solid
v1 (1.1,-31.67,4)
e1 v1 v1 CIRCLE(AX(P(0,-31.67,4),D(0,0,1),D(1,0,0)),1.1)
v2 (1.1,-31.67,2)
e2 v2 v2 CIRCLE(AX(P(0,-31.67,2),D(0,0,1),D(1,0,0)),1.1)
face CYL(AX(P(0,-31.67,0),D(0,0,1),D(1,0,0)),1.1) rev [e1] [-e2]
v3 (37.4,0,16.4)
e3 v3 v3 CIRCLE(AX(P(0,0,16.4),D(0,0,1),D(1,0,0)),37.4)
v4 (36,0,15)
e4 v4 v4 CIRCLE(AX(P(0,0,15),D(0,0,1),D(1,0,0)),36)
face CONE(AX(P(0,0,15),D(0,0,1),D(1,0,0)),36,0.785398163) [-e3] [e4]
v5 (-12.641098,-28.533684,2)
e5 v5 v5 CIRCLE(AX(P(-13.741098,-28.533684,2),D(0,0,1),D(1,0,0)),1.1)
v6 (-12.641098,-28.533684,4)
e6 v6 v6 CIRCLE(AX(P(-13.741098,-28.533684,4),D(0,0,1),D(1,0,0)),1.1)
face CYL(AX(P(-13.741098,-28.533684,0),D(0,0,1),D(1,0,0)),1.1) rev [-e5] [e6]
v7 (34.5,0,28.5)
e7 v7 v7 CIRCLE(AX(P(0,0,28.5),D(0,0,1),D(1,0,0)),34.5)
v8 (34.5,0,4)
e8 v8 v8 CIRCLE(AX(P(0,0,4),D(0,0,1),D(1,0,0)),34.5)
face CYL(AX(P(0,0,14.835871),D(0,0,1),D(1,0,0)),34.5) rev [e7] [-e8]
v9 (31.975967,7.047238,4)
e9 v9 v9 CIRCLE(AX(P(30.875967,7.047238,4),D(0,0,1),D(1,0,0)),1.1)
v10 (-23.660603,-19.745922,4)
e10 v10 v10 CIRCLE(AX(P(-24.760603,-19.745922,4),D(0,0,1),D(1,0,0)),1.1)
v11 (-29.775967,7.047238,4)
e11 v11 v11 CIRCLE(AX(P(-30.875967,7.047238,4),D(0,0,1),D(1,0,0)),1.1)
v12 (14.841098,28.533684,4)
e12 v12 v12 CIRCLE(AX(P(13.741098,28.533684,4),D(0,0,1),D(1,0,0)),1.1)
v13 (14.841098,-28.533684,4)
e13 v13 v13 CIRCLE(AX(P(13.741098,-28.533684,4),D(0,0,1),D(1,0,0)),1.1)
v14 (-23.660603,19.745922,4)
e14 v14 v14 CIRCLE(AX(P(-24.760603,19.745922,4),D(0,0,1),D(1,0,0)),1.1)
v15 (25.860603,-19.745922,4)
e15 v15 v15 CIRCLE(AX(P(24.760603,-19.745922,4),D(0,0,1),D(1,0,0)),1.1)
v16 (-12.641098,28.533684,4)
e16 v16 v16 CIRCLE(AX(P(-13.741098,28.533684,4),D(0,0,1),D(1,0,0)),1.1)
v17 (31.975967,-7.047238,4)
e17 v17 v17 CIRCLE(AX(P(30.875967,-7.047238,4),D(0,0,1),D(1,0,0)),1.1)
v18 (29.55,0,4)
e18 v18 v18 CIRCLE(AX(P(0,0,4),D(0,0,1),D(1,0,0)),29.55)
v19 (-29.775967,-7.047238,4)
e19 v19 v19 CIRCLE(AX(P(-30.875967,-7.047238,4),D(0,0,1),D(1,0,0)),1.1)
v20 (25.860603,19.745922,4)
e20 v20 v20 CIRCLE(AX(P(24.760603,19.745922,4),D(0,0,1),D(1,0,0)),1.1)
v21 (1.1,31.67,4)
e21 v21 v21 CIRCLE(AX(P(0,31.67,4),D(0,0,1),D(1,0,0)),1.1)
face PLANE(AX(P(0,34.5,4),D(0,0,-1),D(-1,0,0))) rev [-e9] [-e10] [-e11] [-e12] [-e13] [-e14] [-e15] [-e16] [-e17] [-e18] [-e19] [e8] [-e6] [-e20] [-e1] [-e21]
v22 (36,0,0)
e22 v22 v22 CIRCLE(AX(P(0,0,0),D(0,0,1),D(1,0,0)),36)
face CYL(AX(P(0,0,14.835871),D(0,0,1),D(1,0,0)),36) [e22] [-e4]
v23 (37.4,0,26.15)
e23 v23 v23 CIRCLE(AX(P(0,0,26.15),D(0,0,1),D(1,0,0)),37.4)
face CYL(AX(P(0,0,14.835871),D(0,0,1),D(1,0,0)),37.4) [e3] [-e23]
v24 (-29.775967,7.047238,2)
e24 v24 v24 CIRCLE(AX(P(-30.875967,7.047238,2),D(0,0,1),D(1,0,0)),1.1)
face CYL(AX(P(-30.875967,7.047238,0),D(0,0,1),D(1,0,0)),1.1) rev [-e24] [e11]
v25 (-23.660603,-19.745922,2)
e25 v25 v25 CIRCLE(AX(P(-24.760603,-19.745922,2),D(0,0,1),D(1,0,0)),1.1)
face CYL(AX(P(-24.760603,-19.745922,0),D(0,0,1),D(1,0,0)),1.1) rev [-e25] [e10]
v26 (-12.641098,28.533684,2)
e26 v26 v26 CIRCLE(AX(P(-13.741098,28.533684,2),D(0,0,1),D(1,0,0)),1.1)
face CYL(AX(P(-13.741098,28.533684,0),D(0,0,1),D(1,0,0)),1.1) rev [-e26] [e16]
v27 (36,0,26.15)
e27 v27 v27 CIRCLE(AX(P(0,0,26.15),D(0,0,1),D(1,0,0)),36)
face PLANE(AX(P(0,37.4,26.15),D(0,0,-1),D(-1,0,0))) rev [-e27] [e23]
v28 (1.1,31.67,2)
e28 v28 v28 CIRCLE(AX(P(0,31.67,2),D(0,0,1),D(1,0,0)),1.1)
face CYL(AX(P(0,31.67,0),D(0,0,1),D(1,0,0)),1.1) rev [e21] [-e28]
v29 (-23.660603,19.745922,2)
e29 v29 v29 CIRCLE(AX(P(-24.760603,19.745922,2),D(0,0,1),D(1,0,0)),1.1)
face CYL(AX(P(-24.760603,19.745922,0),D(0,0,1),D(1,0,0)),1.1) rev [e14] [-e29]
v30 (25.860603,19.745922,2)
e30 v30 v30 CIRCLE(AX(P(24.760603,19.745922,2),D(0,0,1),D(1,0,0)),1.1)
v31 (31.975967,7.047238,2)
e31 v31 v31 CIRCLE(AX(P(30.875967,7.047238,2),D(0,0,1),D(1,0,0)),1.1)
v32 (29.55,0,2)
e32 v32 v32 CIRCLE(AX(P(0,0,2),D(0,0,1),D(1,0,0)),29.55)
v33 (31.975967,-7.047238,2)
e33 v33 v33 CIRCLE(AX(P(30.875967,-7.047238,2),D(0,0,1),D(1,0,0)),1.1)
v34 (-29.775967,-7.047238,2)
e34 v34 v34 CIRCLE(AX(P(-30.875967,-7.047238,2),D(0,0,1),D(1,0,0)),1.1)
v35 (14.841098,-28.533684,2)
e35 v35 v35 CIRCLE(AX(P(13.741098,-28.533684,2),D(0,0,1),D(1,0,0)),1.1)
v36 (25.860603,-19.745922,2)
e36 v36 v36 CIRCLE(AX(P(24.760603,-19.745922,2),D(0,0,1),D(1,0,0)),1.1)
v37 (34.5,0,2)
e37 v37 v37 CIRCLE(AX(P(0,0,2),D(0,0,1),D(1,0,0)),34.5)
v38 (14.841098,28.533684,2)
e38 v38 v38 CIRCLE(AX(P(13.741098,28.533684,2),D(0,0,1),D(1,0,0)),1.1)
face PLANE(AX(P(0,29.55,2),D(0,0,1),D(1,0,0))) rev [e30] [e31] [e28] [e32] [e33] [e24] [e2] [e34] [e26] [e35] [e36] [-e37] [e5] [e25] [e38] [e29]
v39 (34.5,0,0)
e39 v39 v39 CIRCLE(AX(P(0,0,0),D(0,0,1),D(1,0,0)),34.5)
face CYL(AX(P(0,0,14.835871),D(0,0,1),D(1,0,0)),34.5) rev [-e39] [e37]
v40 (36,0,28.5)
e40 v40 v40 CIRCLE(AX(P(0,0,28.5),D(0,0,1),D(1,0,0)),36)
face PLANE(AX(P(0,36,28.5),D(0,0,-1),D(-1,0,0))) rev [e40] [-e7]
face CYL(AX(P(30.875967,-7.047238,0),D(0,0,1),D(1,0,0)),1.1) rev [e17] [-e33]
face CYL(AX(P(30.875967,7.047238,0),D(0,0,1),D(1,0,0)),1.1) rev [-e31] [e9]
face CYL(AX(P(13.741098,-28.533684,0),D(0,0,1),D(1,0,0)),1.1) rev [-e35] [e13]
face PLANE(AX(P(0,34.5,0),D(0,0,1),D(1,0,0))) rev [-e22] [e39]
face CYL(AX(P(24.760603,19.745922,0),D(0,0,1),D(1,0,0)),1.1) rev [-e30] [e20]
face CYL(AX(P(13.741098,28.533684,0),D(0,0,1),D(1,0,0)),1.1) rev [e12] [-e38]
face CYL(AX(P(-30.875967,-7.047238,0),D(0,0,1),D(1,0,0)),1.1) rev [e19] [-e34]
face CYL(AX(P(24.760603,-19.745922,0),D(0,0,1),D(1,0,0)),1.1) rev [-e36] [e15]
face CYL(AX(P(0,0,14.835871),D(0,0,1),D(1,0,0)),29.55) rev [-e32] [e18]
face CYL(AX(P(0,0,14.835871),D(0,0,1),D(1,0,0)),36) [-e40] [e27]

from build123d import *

# Parameters (mm, degrees)
ESQUISSE2_R             = 1.1
ENL_V_MAT_EXTRU_1_DEPTH = 59.29039372


with BuildPart() as part:
    # Esquisse1 → Révolution1 (revolve)
    with BuildSketch(Plane(origin=(0, 0, 0), x_dir=(0, 0, -1), z_dir=(1, 0, 0)), mode=Mode.PRIVATE) as r_volution1_sk:
        Polygon((0, 34.5), (0, 36), (-15, 36), (-16.4, 37.4), (-26.15, 37.4), (-26.15, 36), (-28.5, 36), (-28.5, 34.5), (-4, 34.5), (-4, 29.55), (-2, 29.55), (-2, 34.5), align=None)
    revolve(r_volution1_sk.sketch.rotate(Axis((0, 0, 14.835870703), (0, 0, -1)), 90), axis=Axis((0, 0, 14.835870703), (0, 0, -1)))

    # Esquisse2 → Enlèv. mat.-Extru.1 (cut, through all)
    with BuildSketch(Plane.XY.offset(4)):
        with Locations((0, 31.67)):
            Circle(ESQUISSE2_R)
        with Locations((13.741098018, 28.533684046)):
            Circle(ESQUISSE2_R)
        with Locations((24.76060305, 19.745922025)):
            Circle(ESQUISSE2_R)
        with Locations((30.875966979, 7.047237978)):
            Circle(ESQUISSE2_R)
        with Locations((30.875966979, -7.047237978)):
            Circle(ESQUISSE2_R)
        with Locations((24.76060305, -19.745922025)):
            Circle(ESQUISSE2_R)
        with Locations((13.741098018, -28.533684046)):
            Circle(ESQUISSE2_R)
        with Locations((0, -31.67)):
            Circle(ESQUISSE2_R)
        with Locations((-13.741098018, -28.533684046)):
            Circle(ESQUISSE2_R)
        with Locations((-24.76060305, -19.745922025)):
            Circle(ESQUISSE2_R)
        with Locations((-30.875966979, -7.047237978)):
            Circle(ESQUISSE2_R)
        with Locations((-30.875966979, 7.047237978)):
            Circle(ESQUISSE2_R)
        with Locations((-24.76060305, 19.745922025)):
            Circle(ESQUISSE2_R)
        with Locations((-13.741098018, 28.533684046)):
            Circle(ESQUISSE2_R)
    extrude(amount=-ENL_V_MAT_EXTRU_1_DEPTH, mode=Mode.SUBTRACT)


solid = part.part
